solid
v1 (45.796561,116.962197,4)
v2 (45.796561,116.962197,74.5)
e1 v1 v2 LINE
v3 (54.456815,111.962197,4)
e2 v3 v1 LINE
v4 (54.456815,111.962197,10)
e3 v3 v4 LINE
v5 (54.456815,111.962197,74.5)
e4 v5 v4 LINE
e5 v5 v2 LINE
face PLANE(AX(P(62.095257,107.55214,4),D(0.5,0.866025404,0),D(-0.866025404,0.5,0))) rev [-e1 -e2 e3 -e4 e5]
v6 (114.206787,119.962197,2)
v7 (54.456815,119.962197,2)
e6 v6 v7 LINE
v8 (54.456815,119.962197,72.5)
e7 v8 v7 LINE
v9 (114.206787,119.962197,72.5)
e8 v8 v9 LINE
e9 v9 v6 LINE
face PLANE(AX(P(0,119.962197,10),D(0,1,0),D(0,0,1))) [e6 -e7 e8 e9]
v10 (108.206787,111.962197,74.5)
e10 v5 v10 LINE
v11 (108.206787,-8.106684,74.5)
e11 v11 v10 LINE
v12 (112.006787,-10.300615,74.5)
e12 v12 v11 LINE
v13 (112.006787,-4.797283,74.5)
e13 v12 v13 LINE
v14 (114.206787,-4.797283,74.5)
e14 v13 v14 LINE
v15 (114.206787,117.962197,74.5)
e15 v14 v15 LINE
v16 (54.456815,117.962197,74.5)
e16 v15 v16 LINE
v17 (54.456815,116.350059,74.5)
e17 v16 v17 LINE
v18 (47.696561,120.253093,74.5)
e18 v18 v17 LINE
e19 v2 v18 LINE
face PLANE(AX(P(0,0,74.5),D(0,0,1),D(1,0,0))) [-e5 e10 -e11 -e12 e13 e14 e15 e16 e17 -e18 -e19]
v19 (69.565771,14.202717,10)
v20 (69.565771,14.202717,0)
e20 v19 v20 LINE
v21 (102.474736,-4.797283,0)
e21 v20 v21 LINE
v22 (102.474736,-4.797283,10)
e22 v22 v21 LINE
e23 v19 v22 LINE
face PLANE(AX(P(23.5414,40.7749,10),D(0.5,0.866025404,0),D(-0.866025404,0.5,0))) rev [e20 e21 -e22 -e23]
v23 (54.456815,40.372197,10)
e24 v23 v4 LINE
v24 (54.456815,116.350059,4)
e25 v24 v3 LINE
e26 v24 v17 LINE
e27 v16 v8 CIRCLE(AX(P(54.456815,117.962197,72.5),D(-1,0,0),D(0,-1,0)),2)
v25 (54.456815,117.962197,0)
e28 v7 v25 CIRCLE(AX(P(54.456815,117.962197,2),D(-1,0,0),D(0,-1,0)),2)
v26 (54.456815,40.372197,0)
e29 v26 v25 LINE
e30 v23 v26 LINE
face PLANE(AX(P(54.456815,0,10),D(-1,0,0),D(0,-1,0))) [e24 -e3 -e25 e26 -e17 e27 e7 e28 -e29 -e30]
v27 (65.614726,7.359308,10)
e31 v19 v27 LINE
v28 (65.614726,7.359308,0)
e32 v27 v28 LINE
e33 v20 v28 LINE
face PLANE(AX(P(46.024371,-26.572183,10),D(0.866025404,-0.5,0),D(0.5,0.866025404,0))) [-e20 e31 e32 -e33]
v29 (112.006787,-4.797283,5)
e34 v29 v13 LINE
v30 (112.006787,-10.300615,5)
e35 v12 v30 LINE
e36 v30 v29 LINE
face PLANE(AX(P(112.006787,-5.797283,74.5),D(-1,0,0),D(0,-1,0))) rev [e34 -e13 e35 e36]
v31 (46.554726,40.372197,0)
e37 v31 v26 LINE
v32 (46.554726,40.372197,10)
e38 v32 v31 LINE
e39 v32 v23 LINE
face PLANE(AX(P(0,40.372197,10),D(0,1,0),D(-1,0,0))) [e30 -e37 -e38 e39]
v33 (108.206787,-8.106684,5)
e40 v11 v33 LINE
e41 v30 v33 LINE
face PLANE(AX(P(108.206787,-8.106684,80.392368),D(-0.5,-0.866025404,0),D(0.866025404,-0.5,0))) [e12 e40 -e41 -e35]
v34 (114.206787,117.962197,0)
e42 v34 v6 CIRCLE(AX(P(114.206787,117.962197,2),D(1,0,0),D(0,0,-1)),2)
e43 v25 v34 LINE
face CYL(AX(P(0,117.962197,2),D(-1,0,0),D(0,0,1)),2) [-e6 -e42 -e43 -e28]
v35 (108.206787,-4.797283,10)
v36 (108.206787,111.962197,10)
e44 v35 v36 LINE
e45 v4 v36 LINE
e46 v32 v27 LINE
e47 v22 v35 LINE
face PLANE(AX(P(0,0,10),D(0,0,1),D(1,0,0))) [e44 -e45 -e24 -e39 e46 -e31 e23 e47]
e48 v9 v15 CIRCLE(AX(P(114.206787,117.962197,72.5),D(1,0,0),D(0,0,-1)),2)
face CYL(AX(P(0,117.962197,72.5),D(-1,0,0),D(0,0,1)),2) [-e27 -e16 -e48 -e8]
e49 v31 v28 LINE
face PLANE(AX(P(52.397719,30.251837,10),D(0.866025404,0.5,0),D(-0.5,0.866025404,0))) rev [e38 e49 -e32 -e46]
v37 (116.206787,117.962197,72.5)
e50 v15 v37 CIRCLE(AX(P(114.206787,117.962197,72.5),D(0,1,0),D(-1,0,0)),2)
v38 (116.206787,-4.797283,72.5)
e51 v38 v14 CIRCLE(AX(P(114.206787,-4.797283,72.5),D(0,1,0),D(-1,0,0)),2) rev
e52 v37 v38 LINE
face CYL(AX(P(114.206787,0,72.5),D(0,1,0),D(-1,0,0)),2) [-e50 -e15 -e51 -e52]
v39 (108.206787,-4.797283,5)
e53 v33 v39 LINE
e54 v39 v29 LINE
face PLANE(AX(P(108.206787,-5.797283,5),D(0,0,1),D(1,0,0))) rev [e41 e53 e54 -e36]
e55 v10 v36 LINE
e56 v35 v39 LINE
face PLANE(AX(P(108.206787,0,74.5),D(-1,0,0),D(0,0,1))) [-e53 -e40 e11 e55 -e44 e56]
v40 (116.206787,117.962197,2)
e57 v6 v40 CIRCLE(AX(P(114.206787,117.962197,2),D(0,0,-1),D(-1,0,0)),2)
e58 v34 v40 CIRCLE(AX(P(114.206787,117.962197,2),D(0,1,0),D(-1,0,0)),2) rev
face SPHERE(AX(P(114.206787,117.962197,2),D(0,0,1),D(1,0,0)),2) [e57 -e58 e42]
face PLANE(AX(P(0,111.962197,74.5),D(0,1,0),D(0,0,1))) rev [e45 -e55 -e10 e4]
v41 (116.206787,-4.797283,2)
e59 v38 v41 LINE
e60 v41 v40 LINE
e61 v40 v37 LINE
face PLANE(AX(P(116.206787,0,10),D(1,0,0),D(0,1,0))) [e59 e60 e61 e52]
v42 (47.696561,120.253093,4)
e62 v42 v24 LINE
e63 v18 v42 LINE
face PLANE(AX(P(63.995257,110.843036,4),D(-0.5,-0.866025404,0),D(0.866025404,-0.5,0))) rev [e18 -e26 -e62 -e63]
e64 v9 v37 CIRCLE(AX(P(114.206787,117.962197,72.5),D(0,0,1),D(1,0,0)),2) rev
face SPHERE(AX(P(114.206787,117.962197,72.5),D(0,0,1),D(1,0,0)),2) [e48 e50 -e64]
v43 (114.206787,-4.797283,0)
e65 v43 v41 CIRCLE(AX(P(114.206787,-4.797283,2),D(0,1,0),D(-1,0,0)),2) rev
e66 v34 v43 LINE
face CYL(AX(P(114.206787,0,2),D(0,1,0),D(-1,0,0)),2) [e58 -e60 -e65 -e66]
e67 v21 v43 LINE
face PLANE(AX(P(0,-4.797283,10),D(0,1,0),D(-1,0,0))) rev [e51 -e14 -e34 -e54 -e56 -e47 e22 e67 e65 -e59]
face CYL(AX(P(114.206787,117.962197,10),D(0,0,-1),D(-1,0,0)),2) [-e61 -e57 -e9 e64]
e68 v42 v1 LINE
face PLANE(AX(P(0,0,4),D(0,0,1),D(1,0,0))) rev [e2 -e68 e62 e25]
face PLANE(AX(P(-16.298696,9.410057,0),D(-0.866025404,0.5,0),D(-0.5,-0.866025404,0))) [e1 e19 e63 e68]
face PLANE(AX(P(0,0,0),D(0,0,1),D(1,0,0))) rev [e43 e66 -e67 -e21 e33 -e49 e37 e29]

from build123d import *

# Parameters (mm, degrees)
EXTRUDE_1_DEPTH     = 10
EXTRUDE_2_DEPTH     = 64.5
SKETCH_4_W          = 3.8
SKETCH_4_H          = 69.5
EXTRUDE_4_DEPTH     = 1
EXTRUDE_5_DEPTH     = 69.5
EXTRUDE_6_DEPTH     = 70.5
FILLET_1_R          = 2
SKETCH_7_W          = 70.5
SKETCH_7_H          = 3.8
EXTRUDE_7_DEPTH     = 6
CUT_EXTRUDE_1_REACH = 185.071


with BuildPart() as part:
    # 草圖1 → 填料-伸長1 (new body)
    with BuildSketch(Plane.XY):
        Polygon((116.20678675, 119.962196633), (116.20678675, -4.797282637), (104.20678675, -4.797282637), (104.20678675, -5.797282637), (69.565770598, 14.202717363), (54.456814697, 40.372196633), (54.456814697, 119.962196633), align=None)
        Polygon((54.456814697, 40.372196633), (46.554726499, 40.372196633), (65.614726499, 7.35930824), (69.565770598, 14.202717363), align=None)
    extrude(amount=EXTRUDE_1_DEPTH)

    # 草圖2 → 填料-伸長2 (add)
    with BuildSketch(Plane.XY.offset(10)):
        Polygon((108.20678675, -4.797282637), (116.20678675, -4.797282637), (116.20678675, 119.962196633), (54.456814697, 119.962196633), (54.456814697, 111.962196633), (108.20678675, 111.962196633), align=None)
    extrude(amount=EXTRUDE_2_DEPTH)

    # 草圖4 → 填料-伸長4 (add)
    with BuildSketch(Plane.XZ.offset(4.797282637)):
        with Locations((110.10678675, 39.75)):
            Rectangle(SKETCH_4_W, SKETCH_4_H)
    extrude(amount=EXTRUDE_4_DEPTH)

    # 草圖5 → 填料-伸長5 (add)
    with BuildSketch(Plane(origin=(0, 0, 5), x_dir=(-1, 0, 0), z_dir=(0, 0, -1))):
        Polygon((-108.20678675, -5.797282637), (-108.20678675, -8.106683714), (-112.00678675, -10.300614737), (-112.00678675, -5.797282637), align=None)
    extrude(amount=-EXTRUDE_5_DEPTH)

    # 草圖6 → 填料-伸長6 (add)
    with BuildSketch(Plane.XY.offset(74.5)):
        Polygon((50.992713082, 113.962196633), (54.456814697, 111.962196633), (54.456814697, 116.350058678), (52.892713082, 117.253093167), align=None)
    extrude(amount=-EXTRUDE_6_DEPTH)

    # 圓角1
    fillet_1_edges = [part.edges().sort_by_distance(p)[0] for p in [
        (85.331800723, 119.962196633, 0),
        (116.20678675, 57.582456998, 0),
        (116.20678675, 119.962196633, 37.25),
        (116.20678675, 57.582456998, 74.5),
        (85.331800723, 119.962196633, 74.5),
    ]]
    fillet(fillet_1_edges, radius=FILLET_1_R)

    # 草圖7 → 填料-伸長7 (add)
    with BuildSketch(Plane(origin=(-11.102543866, 6.41005669, 0), x_dir=(0, 0, 1), z_dir=(-0.8660254037844396, 0.4999999999999985, 0))):
        with Locations((39.25, 126.090513896)):
            Rectangle(SKETCH_7_W, SKETCH_7_H)
    extrude(amount=EXTRUDE_7_DEPTH)

    # 草圖8 → 除料-伸長1 (cut, up to next)
    with BuildSketch(Plane(origin=(0, 0, 0), x_dir=(-1, 0, 0), z_dir=(0, 0, -1)), mode=Mode.PRIVATE) as cut_extrude_1_sk1:
        Polygon((-104.20678675, -4.797282637), (-102.474735942, -4.797282637), (-104.20678675, -5.797282637), align=None)
    cut_extrude_1_tool1 = extrude(cut_extrude_1_sk1.sketch, amount=-CUT_EXTRUDE_1_REACH, mode=Mode.PRIVATE) & part.part
    add(cut_extrude_1_tool1.solids().sort_by_distance((103.629436, -5.130616, 0))[0], mode=Mode.SUBTRACT)


solid = part.part
